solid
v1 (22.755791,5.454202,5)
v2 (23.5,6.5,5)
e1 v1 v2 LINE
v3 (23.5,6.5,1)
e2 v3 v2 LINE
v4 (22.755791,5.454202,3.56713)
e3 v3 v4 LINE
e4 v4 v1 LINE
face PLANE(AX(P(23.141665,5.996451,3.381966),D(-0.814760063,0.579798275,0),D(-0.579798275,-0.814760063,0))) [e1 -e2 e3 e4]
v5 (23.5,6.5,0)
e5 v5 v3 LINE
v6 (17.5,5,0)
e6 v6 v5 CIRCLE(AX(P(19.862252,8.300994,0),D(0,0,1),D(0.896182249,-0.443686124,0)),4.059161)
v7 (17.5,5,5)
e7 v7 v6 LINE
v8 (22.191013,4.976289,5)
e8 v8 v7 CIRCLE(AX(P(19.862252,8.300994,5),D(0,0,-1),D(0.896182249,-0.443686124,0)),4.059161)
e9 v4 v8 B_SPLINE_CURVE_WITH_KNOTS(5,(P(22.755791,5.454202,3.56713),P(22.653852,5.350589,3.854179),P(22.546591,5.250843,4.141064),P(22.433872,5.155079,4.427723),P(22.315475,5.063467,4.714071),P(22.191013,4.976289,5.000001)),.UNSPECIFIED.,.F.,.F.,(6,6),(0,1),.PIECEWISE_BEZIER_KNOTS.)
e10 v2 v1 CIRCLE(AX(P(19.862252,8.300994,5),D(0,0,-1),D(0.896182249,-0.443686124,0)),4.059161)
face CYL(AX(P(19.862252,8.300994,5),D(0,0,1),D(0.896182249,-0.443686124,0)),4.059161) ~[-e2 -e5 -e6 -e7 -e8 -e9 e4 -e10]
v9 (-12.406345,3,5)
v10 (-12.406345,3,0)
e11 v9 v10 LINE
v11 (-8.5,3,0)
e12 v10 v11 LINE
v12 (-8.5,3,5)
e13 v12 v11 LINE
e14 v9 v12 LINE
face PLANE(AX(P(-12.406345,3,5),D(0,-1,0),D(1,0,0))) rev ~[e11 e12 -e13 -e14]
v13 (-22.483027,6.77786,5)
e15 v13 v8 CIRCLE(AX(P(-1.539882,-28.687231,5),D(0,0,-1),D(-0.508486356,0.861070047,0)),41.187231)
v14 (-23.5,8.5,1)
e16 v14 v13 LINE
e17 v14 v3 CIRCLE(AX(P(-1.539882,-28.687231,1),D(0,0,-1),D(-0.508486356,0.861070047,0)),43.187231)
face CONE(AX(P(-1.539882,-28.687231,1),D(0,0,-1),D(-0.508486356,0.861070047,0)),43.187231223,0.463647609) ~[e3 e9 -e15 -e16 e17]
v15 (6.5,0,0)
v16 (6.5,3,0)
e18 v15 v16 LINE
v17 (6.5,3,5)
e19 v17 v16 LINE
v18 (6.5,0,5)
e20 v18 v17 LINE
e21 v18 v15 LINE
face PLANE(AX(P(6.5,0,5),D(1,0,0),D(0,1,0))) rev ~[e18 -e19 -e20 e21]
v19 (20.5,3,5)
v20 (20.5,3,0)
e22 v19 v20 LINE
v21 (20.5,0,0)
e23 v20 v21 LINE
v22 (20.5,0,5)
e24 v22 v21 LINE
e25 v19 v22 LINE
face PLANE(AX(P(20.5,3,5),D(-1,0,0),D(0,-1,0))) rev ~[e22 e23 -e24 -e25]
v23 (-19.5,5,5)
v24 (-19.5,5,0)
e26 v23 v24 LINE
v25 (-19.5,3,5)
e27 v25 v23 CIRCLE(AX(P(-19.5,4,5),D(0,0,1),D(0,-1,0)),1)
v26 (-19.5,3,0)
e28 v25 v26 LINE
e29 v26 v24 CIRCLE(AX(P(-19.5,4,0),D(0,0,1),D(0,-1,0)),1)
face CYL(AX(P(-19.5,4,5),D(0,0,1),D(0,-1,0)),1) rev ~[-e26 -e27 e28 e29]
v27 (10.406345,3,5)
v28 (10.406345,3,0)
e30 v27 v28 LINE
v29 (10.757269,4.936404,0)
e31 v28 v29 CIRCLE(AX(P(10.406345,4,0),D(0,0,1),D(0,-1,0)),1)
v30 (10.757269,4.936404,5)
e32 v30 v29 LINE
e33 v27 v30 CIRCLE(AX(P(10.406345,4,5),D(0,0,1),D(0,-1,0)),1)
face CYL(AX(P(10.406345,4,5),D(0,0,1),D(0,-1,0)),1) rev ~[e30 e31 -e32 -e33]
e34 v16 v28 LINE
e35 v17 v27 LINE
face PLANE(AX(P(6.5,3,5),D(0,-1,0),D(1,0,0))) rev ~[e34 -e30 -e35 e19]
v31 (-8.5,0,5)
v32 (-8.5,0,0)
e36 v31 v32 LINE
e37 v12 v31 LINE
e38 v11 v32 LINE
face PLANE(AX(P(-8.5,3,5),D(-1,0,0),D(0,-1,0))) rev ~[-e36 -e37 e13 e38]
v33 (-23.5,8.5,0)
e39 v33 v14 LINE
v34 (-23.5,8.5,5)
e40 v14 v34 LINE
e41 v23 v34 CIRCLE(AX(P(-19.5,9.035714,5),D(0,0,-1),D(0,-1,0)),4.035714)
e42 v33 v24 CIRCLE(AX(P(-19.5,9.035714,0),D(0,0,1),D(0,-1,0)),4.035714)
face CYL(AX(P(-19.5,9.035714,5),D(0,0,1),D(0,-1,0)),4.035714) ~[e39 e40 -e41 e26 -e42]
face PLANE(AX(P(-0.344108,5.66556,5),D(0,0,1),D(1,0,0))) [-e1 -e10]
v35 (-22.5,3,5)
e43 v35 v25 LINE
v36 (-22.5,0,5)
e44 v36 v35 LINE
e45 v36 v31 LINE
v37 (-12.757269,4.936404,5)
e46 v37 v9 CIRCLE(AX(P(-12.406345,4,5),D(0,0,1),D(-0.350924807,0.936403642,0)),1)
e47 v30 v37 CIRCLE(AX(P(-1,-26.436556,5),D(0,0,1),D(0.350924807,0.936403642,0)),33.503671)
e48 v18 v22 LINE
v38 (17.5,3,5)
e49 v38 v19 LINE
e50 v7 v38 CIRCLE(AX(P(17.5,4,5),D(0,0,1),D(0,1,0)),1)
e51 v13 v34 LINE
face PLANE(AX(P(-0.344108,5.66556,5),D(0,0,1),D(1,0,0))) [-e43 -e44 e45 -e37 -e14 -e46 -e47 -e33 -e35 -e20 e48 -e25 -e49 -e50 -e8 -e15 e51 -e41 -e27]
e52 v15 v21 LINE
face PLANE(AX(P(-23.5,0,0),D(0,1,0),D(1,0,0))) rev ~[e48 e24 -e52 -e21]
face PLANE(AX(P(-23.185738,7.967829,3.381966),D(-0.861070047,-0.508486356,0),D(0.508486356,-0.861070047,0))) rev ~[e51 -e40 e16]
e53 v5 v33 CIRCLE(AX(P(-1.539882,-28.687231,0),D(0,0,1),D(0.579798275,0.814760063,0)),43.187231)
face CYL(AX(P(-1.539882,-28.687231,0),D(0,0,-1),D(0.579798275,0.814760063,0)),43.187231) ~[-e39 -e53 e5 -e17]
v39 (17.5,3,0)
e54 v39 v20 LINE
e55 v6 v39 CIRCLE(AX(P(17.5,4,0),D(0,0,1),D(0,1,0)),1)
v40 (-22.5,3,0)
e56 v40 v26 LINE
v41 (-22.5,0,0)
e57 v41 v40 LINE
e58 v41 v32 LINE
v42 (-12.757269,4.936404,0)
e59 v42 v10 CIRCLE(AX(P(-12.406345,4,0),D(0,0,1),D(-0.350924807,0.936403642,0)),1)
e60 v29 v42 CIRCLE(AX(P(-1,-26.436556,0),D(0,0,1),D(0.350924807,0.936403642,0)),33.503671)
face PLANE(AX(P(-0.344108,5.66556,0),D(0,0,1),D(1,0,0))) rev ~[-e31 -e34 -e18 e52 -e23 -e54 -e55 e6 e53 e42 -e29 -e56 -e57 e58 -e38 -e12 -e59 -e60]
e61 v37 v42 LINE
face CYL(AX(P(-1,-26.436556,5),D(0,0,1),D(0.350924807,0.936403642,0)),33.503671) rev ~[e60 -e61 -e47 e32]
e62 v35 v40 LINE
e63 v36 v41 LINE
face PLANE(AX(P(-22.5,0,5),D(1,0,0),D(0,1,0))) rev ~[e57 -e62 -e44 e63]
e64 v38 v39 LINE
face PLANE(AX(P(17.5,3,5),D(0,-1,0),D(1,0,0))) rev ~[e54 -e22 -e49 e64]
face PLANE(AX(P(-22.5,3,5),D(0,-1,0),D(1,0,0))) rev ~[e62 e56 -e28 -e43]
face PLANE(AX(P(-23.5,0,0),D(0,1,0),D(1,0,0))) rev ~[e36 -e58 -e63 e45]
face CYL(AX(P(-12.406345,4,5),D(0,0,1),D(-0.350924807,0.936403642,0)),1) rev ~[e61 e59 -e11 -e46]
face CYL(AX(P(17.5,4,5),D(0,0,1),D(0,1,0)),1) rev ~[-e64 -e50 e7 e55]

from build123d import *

# Parameters (mm, degrees)
F1_DEPTH = 5
F3_DEPTH = 25


with BuildPart() as f1:
    # F0 (on Top) → F1 (new body)
    with BuildSketch(Plane.XY):
        with BuildLine():
            Line((-23.5, 8.5), (-23.5, 0))
            Line((-23.5, 0), (23.5, 0))
            Line((23.5, 0), (23.5, 6.5))
            ThreePointArc((23.5, 6.5), (0.2962107176, 14.4609518625), (-23.5, 8.5))
        make_face()
    extrude(amount=F1_DEPTH)

    # F2 (on face) → F3 (cut)
    with BuildSketch(Plane.XY.offset(5)):
        with BuildLine():
            Line((-23.5, 0), (-22.5, 0))
            Line((-22.5, 0), (-22.5, 3))
            Line((-22.5, 3), (-19.5, 3))
            ThreePointArc((-19.5, 3), (-18.5, 4), (-19.5, 5))
            ThreePointArc((-19.5, 5), (-22.1575364532, 5.9985297678), (-23.5, 8.5))
            Line((-23.5, 8.5), (-23.5, 0))
        make_face()
        with BuildLine():
            Line((-8.5, 3), (-8.5, 0))
            Line((-8.5, 0), (6.5, 0))
            Line((6.5, 0), (6.5, 3))
            Line((6.5, 3), (10.4063445255, 3))
            ThreePointArc((10.4063445255, 3), (11.390316995, 3.8216795603), (10.7572693324, 4.9364036415))
            ThreePointArc((10.7572693324, 4.9364036415), (-1, 7.0671151221), (-12.7572693324, 4.9364036415))
            ThreePointArc((-12.7572693324, 4.9364036415), (-13.390316995, 3.8216795603), (-12.4063445255, 3))
            Line((-12.4063445255, 3), (-8.5, 3))
        make_face()
        with BuildLine():
            Line((23.5, 0), (23.5, 6.5))
            ThreePointArc((23.5, 6.5), (20.8467428507, 4.363028597), (17.5, 5))
            ThreePointArc((17.5, 5), (16.5, 4), (17.5, 3))
            Line((17.5, 3), (20.5, 3))
            Line((20.5, 3), (20.5, 0))
            Line((20.5, 0), (23.5, 0))
        make_face()
    extrude(amount=-F3_DEPTH, mode=Mode.SUBTRACT)

    # F6: sweep along a path in F6_path
    with BuildLine(Plane(origin=(-23.5, 8.5, 0), x_dir=(0, 1, 0), z_dir=(0, 0, 1))) as f6_path:
        ThreePointArc((0, 0), (5.9609518625, -23.7962107176), (-2, -47))
    # F5 (on face) → F6 (sweep, cut)
    with BuildSketch(Plane(origin=(-13.7022180635, -8.0915495232, 0), x_dir=(0.5084863558, -0.8610700471, 0), z_dir=(-0.8610700471, -0.5084863558, 0))):
        Polygon((-19.2685247607, 5), (-19.2685247607, 1), (-17.2685247607, 5), align=None)
    sweep(path=f6_path.line, mode=Mode.SUBTRACT)


solid = f1.part
